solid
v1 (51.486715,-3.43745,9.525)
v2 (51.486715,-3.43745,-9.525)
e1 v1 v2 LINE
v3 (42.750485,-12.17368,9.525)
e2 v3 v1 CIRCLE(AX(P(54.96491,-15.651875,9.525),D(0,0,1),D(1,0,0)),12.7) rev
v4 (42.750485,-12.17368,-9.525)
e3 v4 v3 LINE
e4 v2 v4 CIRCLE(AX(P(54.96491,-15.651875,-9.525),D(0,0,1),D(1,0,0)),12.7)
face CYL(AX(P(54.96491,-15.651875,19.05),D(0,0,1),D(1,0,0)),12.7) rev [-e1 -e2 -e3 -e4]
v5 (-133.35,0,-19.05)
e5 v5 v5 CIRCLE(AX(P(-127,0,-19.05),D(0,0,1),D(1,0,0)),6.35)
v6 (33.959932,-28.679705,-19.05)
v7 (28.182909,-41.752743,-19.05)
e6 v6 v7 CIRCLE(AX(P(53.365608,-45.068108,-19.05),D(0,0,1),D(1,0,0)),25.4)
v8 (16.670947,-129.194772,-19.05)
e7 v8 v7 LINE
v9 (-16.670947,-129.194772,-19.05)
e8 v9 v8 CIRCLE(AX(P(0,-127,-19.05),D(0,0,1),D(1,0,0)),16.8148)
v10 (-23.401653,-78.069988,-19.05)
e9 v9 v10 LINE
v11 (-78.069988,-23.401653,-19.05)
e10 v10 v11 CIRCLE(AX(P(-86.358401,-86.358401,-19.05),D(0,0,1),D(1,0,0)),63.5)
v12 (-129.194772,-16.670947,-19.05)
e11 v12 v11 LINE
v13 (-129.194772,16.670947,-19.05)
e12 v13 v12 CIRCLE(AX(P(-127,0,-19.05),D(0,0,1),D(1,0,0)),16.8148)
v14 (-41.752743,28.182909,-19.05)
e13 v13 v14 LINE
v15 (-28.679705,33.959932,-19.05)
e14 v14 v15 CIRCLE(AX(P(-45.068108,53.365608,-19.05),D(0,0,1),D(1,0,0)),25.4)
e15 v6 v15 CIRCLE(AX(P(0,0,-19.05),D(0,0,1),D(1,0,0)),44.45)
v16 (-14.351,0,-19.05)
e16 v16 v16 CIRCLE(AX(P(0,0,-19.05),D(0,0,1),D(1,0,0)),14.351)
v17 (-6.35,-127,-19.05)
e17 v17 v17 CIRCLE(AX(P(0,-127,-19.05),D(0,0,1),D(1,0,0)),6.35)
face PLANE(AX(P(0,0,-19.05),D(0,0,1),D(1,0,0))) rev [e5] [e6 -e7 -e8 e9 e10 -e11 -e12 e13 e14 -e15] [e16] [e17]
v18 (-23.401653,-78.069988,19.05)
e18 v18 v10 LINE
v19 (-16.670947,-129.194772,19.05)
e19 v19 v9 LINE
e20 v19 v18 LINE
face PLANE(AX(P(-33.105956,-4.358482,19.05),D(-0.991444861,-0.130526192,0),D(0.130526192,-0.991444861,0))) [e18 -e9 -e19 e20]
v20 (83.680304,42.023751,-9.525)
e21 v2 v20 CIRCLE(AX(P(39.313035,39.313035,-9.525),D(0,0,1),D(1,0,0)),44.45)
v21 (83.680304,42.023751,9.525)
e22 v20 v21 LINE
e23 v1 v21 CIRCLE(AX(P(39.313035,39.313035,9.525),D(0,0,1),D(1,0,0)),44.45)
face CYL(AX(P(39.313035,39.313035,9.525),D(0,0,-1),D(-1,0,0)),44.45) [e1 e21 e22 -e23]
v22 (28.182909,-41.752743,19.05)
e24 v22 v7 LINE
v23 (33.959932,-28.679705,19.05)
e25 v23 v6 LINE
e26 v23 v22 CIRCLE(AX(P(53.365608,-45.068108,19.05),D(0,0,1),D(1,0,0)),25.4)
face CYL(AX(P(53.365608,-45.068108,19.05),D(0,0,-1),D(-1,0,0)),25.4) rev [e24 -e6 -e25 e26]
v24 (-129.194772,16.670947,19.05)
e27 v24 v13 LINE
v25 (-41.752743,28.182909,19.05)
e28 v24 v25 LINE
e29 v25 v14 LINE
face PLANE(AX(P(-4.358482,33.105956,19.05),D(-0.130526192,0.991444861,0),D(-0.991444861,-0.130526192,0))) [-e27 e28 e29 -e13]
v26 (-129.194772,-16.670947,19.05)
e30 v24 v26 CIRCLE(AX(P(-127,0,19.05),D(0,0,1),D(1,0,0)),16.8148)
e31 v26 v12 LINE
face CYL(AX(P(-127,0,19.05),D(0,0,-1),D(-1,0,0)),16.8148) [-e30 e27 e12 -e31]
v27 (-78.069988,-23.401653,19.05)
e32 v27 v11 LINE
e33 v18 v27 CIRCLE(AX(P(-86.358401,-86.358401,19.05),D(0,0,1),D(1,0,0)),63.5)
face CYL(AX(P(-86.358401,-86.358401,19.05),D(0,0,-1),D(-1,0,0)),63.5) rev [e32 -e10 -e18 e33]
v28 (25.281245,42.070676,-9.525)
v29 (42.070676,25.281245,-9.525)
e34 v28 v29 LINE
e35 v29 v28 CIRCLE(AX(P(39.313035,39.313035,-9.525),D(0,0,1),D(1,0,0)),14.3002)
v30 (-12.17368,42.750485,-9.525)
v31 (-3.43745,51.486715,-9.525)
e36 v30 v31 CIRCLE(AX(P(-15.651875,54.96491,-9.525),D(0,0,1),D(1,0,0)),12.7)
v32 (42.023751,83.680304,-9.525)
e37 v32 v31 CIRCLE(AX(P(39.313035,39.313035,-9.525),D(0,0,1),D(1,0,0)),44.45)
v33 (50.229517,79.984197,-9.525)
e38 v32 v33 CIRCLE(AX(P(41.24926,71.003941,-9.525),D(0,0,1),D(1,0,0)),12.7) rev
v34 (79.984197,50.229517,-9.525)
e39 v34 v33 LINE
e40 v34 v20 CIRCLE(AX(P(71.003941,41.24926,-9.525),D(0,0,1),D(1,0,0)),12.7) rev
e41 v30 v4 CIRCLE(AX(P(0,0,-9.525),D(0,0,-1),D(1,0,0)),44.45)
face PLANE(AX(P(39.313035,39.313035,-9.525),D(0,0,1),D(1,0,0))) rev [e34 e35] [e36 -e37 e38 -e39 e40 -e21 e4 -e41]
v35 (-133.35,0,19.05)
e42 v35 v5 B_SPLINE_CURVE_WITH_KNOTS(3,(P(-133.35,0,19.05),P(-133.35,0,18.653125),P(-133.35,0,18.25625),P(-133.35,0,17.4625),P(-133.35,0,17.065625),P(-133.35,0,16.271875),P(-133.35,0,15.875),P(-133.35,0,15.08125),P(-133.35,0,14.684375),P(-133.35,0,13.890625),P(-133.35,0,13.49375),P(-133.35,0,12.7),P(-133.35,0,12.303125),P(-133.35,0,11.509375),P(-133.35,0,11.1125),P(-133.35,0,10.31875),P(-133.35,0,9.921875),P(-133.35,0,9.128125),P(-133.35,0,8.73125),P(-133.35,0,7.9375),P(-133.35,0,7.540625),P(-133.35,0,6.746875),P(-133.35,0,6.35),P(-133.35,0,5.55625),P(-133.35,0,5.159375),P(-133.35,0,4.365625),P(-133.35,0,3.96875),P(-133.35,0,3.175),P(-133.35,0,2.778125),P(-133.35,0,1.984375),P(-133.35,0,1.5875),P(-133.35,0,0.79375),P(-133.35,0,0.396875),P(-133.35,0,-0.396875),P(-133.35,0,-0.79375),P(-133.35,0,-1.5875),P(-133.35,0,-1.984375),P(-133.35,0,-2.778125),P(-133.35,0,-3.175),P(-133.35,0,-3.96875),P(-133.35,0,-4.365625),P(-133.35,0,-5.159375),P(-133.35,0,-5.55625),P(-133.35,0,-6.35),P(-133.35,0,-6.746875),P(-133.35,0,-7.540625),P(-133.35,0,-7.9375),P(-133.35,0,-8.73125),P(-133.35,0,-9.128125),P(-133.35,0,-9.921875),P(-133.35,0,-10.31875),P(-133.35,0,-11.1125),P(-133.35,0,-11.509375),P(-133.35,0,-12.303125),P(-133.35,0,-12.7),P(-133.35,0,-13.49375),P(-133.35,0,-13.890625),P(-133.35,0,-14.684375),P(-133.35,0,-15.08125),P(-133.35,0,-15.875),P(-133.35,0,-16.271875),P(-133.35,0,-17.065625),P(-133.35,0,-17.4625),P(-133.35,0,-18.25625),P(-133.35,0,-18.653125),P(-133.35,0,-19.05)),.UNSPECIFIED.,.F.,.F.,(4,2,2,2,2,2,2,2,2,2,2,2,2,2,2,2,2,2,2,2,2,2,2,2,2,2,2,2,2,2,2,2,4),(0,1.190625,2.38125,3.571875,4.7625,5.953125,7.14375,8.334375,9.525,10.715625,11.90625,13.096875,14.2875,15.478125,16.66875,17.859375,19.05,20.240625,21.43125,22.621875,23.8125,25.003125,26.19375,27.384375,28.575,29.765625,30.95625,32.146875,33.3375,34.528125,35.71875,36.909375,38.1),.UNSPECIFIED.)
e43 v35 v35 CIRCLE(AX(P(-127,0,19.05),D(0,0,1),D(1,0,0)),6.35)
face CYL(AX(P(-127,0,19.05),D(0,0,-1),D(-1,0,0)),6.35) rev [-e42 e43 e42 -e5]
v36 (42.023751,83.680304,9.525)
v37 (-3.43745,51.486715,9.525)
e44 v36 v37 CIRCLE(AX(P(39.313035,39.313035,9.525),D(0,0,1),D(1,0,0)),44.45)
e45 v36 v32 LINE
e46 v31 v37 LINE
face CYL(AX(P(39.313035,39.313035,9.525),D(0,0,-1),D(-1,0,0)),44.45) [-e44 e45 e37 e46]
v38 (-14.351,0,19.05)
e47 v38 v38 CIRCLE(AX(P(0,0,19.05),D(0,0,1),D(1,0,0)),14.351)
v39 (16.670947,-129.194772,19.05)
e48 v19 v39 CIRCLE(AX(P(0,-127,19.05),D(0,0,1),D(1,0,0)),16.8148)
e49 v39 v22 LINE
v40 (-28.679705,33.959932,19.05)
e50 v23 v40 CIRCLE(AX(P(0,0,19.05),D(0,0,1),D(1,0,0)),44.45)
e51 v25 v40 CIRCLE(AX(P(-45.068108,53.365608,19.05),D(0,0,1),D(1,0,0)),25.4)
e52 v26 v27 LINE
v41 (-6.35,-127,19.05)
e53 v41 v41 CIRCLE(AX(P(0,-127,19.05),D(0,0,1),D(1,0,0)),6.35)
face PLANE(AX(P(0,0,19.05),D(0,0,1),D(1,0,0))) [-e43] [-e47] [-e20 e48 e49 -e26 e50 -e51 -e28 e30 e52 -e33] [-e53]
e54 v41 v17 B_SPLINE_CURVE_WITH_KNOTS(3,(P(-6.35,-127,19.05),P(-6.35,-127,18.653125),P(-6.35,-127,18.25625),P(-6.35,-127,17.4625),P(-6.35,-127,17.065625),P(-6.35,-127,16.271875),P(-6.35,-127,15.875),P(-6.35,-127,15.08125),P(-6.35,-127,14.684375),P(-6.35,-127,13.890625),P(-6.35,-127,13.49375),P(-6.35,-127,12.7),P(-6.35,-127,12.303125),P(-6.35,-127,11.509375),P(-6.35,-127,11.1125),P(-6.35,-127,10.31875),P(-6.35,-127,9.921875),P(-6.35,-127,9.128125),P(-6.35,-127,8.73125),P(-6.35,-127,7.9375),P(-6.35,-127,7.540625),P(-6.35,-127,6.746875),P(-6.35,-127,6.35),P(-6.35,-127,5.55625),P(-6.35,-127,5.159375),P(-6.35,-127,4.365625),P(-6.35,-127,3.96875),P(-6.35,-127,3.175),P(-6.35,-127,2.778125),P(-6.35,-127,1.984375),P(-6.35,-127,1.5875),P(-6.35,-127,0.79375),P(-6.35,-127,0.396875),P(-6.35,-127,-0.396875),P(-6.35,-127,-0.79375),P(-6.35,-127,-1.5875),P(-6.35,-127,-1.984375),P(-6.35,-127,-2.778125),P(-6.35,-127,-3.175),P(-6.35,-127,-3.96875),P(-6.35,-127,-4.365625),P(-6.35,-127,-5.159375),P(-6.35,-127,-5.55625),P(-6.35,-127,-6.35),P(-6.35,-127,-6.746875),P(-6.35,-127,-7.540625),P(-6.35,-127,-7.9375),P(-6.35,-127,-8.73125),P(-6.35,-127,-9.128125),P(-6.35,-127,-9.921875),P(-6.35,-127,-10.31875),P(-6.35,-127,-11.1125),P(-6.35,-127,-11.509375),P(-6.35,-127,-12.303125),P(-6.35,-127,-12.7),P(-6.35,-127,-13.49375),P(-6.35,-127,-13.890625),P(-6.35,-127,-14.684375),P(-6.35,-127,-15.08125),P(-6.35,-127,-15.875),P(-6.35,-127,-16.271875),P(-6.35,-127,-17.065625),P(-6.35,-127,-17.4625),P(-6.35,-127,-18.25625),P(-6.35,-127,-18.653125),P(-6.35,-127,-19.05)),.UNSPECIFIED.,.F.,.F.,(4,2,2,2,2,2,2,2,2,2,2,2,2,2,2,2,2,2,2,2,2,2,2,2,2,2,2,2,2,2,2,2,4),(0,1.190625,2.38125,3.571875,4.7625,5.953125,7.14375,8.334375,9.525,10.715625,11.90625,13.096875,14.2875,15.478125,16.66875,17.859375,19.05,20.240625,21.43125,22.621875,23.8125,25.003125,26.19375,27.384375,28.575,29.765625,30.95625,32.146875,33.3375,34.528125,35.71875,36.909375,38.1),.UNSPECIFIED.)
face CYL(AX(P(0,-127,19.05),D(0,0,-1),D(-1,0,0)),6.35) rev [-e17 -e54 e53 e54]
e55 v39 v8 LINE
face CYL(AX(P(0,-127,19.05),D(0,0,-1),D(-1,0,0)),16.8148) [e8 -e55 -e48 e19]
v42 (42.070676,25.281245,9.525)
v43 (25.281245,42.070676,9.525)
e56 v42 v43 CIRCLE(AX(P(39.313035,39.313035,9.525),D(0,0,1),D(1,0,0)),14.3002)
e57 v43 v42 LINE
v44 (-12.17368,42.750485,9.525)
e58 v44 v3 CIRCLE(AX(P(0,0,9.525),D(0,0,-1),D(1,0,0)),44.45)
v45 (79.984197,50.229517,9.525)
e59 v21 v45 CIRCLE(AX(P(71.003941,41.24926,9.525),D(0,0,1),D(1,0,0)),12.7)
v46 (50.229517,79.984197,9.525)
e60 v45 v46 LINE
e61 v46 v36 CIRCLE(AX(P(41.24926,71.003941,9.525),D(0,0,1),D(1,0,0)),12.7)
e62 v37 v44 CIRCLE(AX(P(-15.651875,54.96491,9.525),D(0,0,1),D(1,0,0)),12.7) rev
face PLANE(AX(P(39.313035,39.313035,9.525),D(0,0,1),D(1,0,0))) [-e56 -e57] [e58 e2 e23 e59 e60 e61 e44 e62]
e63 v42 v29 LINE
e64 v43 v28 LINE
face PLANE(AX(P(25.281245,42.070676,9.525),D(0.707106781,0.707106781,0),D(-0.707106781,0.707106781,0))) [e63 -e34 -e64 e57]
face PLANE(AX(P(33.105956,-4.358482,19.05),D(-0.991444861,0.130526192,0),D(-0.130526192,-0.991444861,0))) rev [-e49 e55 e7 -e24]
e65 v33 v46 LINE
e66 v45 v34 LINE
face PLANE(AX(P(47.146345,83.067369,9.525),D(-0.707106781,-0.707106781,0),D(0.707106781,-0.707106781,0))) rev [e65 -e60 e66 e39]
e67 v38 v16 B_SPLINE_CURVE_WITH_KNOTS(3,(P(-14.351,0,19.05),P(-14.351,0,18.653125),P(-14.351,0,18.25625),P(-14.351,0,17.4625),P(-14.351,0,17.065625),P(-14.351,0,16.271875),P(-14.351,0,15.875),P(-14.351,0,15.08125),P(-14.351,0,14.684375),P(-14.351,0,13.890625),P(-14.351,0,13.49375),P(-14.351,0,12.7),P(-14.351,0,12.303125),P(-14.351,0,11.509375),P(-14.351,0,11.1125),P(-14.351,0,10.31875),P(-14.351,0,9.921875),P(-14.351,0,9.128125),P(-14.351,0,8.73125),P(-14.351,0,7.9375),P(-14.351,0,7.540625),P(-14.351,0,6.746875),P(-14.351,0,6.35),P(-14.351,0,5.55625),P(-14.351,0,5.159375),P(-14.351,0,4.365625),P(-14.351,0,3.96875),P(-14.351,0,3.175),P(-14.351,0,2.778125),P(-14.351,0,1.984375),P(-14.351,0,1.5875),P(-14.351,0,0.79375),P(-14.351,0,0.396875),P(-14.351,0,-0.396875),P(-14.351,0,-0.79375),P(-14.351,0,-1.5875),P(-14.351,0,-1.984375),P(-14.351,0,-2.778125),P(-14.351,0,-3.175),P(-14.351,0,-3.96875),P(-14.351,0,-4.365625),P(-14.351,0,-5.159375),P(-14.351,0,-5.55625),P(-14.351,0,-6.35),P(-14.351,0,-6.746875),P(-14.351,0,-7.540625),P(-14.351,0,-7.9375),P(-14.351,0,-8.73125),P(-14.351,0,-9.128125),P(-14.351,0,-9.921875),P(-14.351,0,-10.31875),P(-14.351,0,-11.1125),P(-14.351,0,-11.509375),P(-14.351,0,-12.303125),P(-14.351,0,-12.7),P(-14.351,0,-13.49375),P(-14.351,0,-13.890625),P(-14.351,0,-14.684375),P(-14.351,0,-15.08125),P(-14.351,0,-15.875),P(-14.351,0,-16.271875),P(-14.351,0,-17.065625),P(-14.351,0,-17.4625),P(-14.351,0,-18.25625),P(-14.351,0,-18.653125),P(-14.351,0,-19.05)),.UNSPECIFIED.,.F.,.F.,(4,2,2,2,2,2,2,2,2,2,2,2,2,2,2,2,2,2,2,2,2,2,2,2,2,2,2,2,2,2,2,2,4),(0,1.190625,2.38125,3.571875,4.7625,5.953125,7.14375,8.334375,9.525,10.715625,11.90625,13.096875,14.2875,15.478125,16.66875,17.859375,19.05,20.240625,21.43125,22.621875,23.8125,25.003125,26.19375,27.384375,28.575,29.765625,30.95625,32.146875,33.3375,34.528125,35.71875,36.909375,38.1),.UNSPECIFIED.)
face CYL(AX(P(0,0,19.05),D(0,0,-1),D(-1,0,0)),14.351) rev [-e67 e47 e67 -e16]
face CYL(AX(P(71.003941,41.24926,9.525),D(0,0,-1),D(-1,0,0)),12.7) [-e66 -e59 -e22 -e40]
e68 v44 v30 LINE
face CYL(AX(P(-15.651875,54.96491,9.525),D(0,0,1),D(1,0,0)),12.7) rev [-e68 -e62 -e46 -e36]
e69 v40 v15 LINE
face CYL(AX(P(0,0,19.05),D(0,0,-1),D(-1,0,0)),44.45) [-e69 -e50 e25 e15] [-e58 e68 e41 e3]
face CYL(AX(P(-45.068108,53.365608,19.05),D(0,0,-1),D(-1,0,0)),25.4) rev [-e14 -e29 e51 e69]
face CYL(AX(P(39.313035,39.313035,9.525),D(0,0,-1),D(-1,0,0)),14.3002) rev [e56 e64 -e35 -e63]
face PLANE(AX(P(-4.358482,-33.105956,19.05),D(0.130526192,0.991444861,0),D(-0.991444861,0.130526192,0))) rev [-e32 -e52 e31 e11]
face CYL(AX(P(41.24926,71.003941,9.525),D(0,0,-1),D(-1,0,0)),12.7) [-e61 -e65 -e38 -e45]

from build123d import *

# Parameters (mm, degrees)
SKETCH1_R           = 6.35
SKETCH1_R_2         = 14.351
BOSS_EXTRUDE2_DEPTH = 19.05
BOSS_EXTRUDE3_DEPTH = 9.525
FILLET1_R           = 12.7


with BuildPart() as part:
    # Sketch1 → Boss-Extrude2 (new, symmetric)
    with BuildSketch(Plane.XY):
        with BuildLine():
            ThreePointArc((33.959932382, -28.67970524), (30.132939696, -34.801505964), (28.182908549, -41.752742952))
            Line((28.182908549, -41.752742952), (16.670947055, -129.194771817))
            ThreePointArc((16.670947055, -129.194771817), (0, -143.8148), (-16.670947055, -129.194771817))
            Line((-16.670947055, -129.194771817), (-23.40165253, -78.069988022))
            ThreePointArc((-23.40165253, -78.069988022), (-41.457120622, -41.457120622), (-78.069988022, -23.40165253))
            Line((-78.069988022, -23.40165253), (-129.194771817, -16.670947055))
            ThreePointArc((-129.194771817, -16.670947055), (-143.8148, 0), (-129.194771817, 16.670947055))
            Line((-129.194771817, 16.670947055), (-41.752742952, 28.182908549))
            ThreePointArc((-41.752742952, 28.182908549), (-34.801505964, 30.132939696), (-28.67970524, 33.959932382))
            ThreePointArc((-28.67970524, 33.959932382), (31.430896424, 31.430896424), (33.959932382, -28.67970524))
        make_face()
        with Locations(Location((0, -127, 0), (0, 0, 180))):
            Circle(SKETCH1_R, mode=Mode.SUBTRACT)
        with Locations(Location((-127, 0, 0), (0, 0, 180))):
            Circle(SKETCH1_R, mode=Mode.SUBTRACT)
        with Locations(Location((0, 0, 0), (0, 0, 180))):
            Circle(SKETCH1_R_2, mode=Mode.SUBTRACT)
    extrude(amount=BOSS_EXTRUDE2_DEPTH, both=True)

    # Sketch3 → Boss-Extrude3 (add, symmetric)
    with BuildSketch(Plane.XY):
        with BuildLine():
            Line((47.146344636, 83.06736912), (83.06736912, 47.146344636))
            ThreePointArc((83.06736912, 47.146344636), (74.914696381, 12.698674104), (44.182474556, -4.869439613))
            ThreePointArc((44.182474556, -4.869439613), (31.430896424, 31.430896424), (-4.869439613, 44.182474556))
            ThreePointArc((-4.869439613, 44.182474556), (12.698674104, 74.914696381), (47.146344636, 83.06736912))
        make_face()
        with BuildLine():
            Line((25.281244781, 42.070676127), (42.070676127, 25.281244781))
            ThreePointArc((42.070676127, 25.281244781), (49.424803335, 49.424803335), (25.281244781, 42.070676127))
        make_face(mode=Mode.SUBTRACT)
    extrude(amount=BOSS_EXTRUDE3_DEPTH, both=True)

    # Fillet1
    fillet1_edges = [part.edges().sort_by_distance(p)[0] for p in [
        (47.146344636, 83.06736912, 0),
        (-4.869439613, 44.182474556, 0),
        (44.182474556, -4.869439613, 0),
        (83.06736912, 47.146344636, 0),
    ]]
    fillet(fillet1_edges, radius=FILLET1_R)


solid = part.part
